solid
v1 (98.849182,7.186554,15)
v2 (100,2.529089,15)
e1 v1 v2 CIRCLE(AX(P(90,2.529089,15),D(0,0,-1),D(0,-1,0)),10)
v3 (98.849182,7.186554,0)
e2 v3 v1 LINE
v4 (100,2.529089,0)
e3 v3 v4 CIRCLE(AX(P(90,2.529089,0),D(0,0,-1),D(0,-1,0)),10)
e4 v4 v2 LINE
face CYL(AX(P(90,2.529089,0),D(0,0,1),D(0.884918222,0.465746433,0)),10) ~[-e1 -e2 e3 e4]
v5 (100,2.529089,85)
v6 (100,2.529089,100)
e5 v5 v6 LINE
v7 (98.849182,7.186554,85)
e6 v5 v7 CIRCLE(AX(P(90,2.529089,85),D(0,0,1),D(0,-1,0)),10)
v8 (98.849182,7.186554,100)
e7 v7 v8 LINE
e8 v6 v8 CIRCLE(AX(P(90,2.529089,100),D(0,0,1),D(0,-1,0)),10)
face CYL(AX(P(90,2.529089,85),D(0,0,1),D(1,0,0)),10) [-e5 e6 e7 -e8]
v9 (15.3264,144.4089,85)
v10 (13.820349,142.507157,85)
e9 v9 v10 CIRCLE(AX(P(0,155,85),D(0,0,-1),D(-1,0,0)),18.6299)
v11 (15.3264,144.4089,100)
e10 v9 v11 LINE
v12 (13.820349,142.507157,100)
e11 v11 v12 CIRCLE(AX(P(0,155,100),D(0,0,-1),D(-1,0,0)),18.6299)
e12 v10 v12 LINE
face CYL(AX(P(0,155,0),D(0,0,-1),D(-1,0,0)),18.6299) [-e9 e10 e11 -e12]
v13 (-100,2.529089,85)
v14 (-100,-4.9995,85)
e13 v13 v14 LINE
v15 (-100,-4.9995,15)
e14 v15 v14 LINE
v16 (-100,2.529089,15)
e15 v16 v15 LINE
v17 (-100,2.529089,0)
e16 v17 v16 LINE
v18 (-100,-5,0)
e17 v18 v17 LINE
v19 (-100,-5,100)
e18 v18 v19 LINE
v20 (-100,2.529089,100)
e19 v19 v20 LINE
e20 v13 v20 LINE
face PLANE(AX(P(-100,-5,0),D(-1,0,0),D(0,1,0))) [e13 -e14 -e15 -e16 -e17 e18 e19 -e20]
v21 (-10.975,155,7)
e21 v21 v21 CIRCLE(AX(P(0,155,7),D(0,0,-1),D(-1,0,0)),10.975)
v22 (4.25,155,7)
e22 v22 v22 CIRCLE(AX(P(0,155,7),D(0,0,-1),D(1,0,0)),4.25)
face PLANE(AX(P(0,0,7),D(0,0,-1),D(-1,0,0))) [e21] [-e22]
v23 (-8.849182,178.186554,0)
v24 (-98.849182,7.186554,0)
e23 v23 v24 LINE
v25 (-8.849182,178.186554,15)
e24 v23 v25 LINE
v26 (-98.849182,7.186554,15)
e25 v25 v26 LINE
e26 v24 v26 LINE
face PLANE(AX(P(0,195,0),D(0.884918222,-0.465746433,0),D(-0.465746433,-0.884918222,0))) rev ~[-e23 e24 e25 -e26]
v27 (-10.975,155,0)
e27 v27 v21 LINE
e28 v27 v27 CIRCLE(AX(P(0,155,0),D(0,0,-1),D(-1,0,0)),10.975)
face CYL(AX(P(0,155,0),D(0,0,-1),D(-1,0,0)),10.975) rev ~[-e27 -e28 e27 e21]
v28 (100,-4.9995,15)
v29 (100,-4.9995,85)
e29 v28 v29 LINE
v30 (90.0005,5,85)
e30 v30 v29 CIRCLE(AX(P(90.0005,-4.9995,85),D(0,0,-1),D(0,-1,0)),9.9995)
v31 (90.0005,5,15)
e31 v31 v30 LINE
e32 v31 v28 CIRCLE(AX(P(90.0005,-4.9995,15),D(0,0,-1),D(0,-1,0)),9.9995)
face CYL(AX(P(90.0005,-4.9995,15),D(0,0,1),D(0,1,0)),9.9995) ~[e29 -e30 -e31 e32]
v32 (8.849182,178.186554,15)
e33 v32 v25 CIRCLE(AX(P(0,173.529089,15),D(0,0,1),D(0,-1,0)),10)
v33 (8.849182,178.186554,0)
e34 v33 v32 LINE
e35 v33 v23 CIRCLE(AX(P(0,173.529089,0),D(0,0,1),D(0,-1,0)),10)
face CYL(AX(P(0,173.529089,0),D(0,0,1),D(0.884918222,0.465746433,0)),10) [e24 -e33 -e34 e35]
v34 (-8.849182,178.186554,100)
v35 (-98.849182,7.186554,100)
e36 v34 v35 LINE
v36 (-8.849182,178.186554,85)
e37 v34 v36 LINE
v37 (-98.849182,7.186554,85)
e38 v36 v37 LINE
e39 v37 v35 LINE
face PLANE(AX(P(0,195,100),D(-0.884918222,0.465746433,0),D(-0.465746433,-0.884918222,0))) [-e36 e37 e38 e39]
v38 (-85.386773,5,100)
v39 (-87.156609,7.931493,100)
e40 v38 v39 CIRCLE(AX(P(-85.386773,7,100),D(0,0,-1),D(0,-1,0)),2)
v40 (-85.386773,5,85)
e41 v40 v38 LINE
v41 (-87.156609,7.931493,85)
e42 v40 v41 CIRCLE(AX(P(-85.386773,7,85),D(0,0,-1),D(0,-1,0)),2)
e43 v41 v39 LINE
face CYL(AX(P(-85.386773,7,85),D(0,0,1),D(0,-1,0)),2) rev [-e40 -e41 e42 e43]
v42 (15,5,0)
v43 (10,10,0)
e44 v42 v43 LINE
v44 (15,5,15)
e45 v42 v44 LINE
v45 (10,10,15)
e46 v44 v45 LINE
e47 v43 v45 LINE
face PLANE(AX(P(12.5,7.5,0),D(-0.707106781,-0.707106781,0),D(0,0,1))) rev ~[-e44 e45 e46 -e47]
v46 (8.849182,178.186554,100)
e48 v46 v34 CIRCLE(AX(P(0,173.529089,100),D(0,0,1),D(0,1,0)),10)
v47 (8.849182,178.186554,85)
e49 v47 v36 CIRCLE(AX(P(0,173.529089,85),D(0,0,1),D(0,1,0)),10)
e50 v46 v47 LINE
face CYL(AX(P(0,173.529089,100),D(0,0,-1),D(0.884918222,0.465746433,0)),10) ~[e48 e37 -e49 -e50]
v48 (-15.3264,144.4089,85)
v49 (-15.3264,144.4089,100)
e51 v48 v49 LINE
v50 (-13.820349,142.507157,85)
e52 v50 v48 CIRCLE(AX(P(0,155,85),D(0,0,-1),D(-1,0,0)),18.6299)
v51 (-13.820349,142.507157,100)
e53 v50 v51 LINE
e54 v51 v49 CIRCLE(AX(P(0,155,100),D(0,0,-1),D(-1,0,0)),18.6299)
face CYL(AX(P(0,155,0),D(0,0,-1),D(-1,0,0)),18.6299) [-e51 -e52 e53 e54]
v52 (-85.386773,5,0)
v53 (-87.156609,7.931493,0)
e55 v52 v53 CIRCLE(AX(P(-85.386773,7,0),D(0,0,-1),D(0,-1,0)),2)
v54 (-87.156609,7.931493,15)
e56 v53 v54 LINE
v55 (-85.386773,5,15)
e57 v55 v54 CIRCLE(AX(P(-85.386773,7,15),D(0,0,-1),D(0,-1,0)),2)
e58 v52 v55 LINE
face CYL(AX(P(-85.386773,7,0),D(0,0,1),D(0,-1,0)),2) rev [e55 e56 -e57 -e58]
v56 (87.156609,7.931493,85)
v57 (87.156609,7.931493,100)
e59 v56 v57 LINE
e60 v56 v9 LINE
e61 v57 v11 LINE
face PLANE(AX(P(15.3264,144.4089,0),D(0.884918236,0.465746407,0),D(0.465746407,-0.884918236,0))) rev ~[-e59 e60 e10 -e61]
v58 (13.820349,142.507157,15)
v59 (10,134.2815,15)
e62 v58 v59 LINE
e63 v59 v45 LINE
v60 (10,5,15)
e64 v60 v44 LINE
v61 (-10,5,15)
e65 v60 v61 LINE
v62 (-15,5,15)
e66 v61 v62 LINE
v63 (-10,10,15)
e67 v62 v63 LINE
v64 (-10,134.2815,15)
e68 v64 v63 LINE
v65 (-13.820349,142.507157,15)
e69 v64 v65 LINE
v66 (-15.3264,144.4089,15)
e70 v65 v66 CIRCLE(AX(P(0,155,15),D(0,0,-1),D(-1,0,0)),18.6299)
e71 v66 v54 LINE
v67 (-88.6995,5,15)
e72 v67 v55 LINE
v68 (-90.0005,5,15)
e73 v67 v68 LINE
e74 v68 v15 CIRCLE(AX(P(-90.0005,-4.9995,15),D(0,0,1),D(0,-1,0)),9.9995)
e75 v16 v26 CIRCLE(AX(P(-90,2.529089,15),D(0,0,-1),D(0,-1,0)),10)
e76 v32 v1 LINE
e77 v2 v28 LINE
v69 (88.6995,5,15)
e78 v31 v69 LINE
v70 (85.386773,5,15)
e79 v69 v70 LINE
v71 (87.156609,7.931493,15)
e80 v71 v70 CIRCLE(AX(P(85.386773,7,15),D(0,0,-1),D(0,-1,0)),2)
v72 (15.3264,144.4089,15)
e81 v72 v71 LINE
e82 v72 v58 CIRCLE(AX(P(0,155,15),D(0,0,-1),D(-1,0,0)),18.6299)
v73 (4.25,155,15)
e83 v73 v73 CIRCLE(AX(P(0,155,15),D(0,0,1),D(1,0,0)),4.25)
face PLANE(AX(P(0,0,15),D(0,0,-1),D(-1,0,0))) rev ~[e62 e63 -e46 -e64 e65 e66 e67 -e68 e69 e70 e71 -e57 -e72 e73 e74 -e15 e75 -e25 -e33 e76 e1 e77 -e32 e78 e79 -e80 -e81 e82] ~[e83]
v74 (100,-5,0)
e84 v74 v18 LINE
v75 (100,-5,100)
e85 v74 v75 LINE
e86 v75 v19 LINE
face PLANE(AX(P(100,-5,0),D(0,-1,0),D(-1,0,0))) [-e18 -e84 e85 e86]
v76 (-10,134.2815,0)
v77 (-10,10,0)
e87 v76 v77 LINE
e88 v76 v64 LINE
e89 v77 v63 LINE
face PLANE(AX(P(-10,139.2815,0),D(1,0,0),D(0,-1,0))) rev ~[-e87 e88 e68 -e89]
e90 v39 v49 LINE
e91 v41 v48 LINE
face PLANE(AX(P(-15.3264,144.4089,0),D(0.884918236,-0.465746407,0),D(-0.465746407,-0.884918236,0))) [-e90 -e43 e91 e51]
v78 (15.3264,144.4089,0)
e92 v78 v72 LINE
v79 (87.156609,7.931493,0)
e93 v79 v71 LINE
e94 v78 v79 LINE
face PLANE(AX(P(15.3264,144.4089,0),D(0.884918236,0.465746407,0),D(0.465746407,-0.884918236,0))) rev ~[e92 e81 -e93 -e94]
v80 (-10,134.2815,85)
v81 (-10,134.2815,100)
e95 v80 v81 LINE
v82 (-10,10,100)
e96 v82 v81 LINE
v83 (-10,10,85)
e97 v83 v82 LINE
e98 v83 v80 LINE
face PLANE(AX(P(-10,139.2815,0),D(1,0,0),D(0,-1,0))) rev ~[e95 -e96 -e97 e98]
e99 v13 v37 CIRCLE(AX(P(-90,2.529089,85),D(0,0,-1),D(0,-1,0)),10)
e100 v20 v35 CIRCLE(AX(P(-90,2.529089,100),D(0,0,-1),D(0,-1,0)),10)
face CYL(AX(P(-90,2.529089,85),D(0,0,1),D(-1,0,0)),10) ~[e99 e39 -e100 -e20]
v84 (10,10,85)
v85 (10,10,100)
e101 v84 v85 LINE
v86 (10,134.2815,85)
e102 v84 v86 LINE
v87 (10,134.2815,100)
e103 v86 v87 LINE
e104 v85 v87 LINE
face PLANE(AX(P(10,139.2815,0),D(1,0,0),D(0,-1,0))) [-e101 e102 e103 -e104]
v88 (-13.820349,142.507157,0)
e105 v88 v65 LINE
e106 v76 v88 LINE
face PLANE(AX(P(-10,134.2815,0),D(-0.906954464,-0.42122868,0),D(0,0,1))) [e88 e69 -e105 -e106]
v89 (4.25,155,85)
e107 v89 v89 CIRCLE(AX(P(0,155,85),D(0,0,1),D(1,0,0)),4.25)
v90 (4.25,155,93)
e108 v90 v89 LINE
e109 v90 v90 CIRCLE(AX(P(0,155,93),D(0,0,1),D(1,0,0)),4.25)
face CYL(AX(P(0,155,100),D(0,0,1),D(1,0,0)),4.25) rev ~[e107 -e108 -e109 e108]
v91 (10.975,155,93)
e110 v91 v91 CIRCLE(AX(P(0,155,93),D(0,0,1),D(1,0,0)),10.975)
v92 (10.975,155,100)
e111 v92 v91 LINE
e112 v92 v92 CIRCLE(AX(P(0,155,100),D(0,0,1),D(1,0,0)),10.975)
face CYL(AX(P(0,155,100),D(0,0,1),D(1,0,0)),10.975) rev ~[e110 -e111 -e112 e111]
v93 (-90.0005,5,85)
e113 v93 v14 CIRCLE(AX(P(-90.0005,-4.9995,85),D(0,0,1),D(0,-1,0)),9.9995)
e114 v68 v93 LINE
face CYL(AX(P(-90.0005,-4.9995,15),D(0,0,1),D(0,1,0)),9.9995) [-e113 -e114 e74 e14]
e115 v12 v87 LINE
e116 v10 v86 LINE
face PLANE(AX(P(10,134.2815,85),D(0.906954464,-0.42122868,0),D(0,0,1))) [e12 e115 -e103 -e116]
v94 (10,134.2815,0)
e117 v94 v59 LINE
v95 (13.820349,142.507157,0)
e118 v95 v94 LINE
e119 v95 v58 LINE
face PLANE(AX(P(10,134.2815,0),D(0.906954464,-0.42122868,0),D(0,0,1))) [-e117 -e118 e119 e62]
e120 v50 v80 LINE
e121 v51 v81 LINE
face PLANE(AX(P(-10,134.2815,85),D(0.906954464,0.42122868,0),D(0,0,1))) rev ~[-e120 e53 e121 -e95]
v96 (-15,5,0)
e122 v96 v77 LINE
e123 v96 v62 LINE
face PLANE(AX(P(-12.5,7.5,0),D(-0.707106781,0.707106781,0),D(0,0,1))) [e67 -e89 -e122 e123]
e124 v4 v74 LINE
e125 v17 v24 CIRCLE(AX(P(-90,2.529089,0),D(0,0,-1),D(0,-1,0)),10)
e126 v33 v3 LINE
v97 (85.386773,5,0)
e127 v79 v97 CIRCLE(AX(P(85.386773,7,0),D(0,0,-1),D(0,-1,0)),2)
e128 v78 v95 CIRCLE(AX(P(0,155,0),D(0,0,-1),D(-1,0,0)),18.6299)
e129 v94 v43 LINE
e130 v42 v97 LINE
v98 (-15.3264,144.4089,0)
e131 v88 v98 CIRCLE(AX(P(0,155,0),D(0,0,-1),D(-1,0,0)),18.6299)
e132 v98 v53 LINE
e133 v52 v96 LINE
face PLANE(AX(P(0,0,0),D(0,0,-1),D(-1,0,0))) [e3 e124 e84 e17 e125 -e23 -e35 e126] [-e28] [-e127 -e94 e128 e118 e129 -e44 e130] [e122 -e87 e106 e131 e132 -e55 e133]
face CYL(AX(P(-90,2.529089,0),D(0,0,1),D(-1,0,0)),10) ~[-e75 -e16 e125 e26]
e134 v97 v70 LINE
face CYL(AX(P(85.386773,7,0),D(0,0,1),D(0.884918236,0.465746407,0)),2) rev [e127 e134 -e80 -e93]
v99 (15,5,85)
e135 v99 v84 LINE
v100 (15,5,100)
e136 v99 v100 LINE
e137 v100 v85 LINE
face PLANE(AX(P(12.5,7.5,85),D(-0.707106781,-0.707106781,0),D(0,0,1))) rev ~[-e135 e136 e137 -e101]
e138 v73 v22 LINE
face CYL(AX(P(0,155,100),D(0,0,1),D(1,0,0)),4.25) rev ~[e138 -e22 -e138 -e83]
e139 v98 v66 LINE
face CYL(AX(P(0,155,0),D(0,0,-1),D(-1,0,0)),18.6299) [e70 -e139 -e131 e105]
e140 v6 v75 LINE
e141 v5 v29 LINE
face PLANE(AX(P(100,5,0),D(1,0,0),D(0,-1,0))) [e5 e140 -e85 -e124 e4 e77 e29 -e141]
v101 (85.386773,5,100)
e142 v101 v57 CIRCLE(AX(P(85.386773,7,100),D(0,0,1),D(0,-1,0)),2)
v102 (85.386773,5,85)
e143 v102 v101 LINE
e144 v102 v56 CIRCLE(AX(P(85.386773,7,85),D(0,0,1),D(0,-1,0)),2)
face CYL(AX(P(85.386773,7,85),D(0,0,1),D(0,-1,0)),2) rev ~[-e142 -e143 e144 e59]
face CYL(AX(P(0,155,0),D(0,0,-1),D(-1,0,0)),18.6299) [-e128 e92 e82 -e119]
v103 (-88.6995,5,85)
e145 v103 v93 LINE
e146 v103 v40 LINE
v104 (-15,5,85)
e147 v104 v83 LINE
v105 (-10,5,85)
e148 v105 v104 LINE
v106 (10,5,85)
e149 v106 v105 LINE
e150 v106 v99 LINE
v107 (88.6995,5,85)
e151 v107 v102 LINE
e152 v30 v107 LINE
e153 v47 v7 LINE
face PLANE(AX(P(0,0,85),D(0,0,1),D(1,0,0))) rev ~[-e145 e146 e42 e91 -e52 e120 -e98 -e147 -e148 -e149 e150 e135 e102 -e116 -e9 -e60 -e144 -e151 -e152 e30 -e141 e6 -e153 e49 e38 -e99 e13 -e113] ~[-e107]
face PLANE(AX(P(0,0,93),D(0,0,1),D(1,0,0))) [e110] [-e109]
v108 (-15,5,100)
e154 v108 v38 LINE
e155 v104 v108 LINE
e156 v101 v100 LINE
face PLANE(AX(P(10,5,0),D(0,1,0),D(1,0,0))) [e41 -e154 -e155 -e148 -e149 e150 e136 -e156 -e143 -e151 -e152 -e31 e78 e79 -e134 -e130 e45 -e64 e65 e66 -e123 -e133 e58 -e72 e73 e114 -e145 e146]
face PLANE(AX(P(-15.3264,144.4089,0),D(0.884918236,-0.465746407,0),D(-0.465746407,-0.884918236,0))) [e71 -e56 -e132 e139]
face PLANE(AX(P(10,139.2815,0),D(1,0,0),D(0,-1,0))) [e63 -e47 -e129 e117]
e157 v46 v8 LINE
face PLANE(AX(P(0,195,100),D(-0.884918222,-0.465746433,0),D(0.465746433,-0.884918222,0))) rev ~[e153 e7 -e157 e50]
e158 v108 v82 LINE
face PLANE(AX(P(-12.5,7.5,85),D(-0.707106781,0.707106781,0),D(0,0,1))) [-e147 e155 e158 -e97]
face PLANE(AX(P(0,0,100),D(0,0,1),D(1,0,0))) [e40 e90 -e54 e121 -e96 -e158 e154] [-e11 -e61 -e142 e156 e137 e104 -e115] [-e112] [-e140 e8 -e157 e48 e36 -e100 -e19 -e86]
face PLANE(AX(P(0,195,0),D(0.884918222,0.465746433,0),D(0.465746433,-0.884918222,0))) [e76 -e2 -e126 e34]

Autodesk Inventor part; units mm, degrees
ref_plane "YZ Plane" through (0, 0, 0) normal (1, 0, 0) x (0, 1, 0)
ref_plane "XZ Plane" through (0, 0, 0) normal (0, 1, 0) x (-1, 0, 0)
ref_plane "XY Plane" through (0, 0, 0) normal (0, 0, 1) x (1, 0, 0)
sketch "Esboço1" plane through (0, 0, 0) normal (0, 0, 1) x (1, 0, 0)
  line L0 (-100, 5) -> (100, 5)
  line L1 (100, 5) -> (100, -5)
  line L2 (100, -5) -> (-100, -5)
  line L3 (-100, -5) -> (-100, 5)
  line L4 (-100, 5) -> (100, -5) construction
  line L5 (100, 5) -> (-100, -5) construction
  point P0 (0, 0)
  dimension "d0" = 200
  dimension "d1" = 10
extrude "Extrusão1" add sketch "Esboço1" along normal blind 100
sketch "Esboço2" plane through (0, 0, 100) normal (0, 0, 1) x (1, 0, 0)
  line L0 (100, 5) -> (-100, 5) projected
  line L1 (100, 5) -> (-100, 5) projected
  line L2 (-100, -5) -> (100, -5) projected
  line L3 (0, -5) -> (0, 195) construction
  line L4 (0, 195) -> (-100, 5)
  line L5 (0, 195) -> (100, 5)
  point P0 (0, 0)
  point P1 (0, 5)
  dimension "d20" = 200
extrude "Extrusão2" add sketch "Esboço2" against normal blind 15
sketch "Esboço3" plane through (0, 0, 0) normal (0, 0, -1) x (-1, 0, 0)
  line L0 (-100, 5) -> (100, 5)
  line L1 (100, -5) -> (-100, -5) projected
  line L2 (0, -5) -> (0, 195) construction
  line L3 (-100, -5) -> (-100, 5) projected
  line L4 (0, 195) -> (-100, 5)
  line L5 (0, 195) -> (100, 5)
  point P0 (0, 0)
  dimension "d21" = 200
extrude "Extrusão3" add sketch "Esboço3" against normal blind 15
sketch "Esboço4" plane through (0, 0, 100) normal (0, 0, 1) x (1, 0, 0)
  circle A0 centre (0, 155) radius 4.25
  line L0 (-100, -5) -> (100, -5) projected
  line L1 (100, 5) -> (0, 195) projected
  line L2 (0, 195) -> (0, -5) construction
  point P0 (0, 0)
  dimension "d13" = 8.5
  dimension "d22" = 160
extrude "Extrusão4" cut sketch "Esboço4" against normal through all
fillet "Arredondamento3" radius 10 2 edges at (0, 195, 92.5) (0, 195, 7.5)
sketch "Esboço5" plane through (0, 0, 100) normal (0, 0, 1) x (1, 0, 0)
  circle A0 centre (0, 155) radius 4.25 projected
  circle A1 centre (0, 155) radius 10.975
  point P0 (0, 0)
  dimension "d25" = 21.95
extrude "Extrusão5" cut sketch "Esboço5" against normal blind 7
sketch "Esboço6" plane through (0, 0, 0) normal (0, 0, -1) x (-1, 0, 0)
  circle A0 centre (0, 155) radius 4.25 projected
  circle A1 centre (0, 155) radius 10.975
  point P0 (0, 0)
  dimension "d28" = 21.95
extrude "Extrusão6" cut sketch "Esboço6" against normal blind 7
sketch "Esboço7" plane through (0, 0, 0) normal (0, 0, -1) x (-1, 0, 0)
  circle A0 centre (0, 155) radius 10.975 projected
  circle A1 centre (0, 155) radius 18.6299
  line L0 (100, 5) -> (8.8492, 178.1866) projected
  line L1 (15.3264, 144.4089) -> (88.6995, 5)
  line L2 (100, 5) -> (-100, 5) projected
  line L3 (88.6995, 5) -> (-88.6995, 5)
  line L4 (-15.3264, 144.4089) -> (-88.6995, 5)
  line L5 (100, 5) -> (8.8492, 178.1866) projected
  line L6 (-8.8492, 178.1866) -> (-100, 5) projected
  circle A2 centre (0, 155) radius 4.25 projected
  line L7 (0, 155) -> (0, -5.3042)
  line L8 (10, 139.2815) -> (10, 5)
  line L9 (-10, 139.2815) -> (-10, 5)
  point P0 (0, 0)
  point P1 (-10.946, 174.2026)
  point P2 (10.946, 174.2026)
  dimension "d31" = 10
  dimension "d32" = 10
  dimension "d39" = 10
  dimension "d40" = 10
extrude "Extrusão7" cut sketch "Esboço7" against normal through all contours L9 L2 L4 A1 | A1 L1 L2 L8
chamfer "Chanfro1" distance 5 angle 45 8 edges at (-10, 139.2815, 92.5) (10, 139.2815, 92.5) (10, 139.2815, 7.5) (-10, 139.2815, 7.5) (10, 5, 7.5) (-10, 5, 7.5) (-10, 5, 92.5) (10, 5, 92.5)
fillet "Arredondamento5" radius 2 4 edges at (88.6995, 5, 92.5) (-88.6995, 5, 92.5) (88.6995, 5, 7.5) (-88.6995, 5, 7.5)
fillet "Arredondamento6" radius 10 2 edges at (-100, 5, 50) (100, 5, 50)
fillet "Arredondamento7" radius 10 4 edges at (100, 5, 92.5) (100, 5, 7.5) (-100, 5, 92.5) (-100, 5, 7.5)
properties part number "EncaixeBase"
